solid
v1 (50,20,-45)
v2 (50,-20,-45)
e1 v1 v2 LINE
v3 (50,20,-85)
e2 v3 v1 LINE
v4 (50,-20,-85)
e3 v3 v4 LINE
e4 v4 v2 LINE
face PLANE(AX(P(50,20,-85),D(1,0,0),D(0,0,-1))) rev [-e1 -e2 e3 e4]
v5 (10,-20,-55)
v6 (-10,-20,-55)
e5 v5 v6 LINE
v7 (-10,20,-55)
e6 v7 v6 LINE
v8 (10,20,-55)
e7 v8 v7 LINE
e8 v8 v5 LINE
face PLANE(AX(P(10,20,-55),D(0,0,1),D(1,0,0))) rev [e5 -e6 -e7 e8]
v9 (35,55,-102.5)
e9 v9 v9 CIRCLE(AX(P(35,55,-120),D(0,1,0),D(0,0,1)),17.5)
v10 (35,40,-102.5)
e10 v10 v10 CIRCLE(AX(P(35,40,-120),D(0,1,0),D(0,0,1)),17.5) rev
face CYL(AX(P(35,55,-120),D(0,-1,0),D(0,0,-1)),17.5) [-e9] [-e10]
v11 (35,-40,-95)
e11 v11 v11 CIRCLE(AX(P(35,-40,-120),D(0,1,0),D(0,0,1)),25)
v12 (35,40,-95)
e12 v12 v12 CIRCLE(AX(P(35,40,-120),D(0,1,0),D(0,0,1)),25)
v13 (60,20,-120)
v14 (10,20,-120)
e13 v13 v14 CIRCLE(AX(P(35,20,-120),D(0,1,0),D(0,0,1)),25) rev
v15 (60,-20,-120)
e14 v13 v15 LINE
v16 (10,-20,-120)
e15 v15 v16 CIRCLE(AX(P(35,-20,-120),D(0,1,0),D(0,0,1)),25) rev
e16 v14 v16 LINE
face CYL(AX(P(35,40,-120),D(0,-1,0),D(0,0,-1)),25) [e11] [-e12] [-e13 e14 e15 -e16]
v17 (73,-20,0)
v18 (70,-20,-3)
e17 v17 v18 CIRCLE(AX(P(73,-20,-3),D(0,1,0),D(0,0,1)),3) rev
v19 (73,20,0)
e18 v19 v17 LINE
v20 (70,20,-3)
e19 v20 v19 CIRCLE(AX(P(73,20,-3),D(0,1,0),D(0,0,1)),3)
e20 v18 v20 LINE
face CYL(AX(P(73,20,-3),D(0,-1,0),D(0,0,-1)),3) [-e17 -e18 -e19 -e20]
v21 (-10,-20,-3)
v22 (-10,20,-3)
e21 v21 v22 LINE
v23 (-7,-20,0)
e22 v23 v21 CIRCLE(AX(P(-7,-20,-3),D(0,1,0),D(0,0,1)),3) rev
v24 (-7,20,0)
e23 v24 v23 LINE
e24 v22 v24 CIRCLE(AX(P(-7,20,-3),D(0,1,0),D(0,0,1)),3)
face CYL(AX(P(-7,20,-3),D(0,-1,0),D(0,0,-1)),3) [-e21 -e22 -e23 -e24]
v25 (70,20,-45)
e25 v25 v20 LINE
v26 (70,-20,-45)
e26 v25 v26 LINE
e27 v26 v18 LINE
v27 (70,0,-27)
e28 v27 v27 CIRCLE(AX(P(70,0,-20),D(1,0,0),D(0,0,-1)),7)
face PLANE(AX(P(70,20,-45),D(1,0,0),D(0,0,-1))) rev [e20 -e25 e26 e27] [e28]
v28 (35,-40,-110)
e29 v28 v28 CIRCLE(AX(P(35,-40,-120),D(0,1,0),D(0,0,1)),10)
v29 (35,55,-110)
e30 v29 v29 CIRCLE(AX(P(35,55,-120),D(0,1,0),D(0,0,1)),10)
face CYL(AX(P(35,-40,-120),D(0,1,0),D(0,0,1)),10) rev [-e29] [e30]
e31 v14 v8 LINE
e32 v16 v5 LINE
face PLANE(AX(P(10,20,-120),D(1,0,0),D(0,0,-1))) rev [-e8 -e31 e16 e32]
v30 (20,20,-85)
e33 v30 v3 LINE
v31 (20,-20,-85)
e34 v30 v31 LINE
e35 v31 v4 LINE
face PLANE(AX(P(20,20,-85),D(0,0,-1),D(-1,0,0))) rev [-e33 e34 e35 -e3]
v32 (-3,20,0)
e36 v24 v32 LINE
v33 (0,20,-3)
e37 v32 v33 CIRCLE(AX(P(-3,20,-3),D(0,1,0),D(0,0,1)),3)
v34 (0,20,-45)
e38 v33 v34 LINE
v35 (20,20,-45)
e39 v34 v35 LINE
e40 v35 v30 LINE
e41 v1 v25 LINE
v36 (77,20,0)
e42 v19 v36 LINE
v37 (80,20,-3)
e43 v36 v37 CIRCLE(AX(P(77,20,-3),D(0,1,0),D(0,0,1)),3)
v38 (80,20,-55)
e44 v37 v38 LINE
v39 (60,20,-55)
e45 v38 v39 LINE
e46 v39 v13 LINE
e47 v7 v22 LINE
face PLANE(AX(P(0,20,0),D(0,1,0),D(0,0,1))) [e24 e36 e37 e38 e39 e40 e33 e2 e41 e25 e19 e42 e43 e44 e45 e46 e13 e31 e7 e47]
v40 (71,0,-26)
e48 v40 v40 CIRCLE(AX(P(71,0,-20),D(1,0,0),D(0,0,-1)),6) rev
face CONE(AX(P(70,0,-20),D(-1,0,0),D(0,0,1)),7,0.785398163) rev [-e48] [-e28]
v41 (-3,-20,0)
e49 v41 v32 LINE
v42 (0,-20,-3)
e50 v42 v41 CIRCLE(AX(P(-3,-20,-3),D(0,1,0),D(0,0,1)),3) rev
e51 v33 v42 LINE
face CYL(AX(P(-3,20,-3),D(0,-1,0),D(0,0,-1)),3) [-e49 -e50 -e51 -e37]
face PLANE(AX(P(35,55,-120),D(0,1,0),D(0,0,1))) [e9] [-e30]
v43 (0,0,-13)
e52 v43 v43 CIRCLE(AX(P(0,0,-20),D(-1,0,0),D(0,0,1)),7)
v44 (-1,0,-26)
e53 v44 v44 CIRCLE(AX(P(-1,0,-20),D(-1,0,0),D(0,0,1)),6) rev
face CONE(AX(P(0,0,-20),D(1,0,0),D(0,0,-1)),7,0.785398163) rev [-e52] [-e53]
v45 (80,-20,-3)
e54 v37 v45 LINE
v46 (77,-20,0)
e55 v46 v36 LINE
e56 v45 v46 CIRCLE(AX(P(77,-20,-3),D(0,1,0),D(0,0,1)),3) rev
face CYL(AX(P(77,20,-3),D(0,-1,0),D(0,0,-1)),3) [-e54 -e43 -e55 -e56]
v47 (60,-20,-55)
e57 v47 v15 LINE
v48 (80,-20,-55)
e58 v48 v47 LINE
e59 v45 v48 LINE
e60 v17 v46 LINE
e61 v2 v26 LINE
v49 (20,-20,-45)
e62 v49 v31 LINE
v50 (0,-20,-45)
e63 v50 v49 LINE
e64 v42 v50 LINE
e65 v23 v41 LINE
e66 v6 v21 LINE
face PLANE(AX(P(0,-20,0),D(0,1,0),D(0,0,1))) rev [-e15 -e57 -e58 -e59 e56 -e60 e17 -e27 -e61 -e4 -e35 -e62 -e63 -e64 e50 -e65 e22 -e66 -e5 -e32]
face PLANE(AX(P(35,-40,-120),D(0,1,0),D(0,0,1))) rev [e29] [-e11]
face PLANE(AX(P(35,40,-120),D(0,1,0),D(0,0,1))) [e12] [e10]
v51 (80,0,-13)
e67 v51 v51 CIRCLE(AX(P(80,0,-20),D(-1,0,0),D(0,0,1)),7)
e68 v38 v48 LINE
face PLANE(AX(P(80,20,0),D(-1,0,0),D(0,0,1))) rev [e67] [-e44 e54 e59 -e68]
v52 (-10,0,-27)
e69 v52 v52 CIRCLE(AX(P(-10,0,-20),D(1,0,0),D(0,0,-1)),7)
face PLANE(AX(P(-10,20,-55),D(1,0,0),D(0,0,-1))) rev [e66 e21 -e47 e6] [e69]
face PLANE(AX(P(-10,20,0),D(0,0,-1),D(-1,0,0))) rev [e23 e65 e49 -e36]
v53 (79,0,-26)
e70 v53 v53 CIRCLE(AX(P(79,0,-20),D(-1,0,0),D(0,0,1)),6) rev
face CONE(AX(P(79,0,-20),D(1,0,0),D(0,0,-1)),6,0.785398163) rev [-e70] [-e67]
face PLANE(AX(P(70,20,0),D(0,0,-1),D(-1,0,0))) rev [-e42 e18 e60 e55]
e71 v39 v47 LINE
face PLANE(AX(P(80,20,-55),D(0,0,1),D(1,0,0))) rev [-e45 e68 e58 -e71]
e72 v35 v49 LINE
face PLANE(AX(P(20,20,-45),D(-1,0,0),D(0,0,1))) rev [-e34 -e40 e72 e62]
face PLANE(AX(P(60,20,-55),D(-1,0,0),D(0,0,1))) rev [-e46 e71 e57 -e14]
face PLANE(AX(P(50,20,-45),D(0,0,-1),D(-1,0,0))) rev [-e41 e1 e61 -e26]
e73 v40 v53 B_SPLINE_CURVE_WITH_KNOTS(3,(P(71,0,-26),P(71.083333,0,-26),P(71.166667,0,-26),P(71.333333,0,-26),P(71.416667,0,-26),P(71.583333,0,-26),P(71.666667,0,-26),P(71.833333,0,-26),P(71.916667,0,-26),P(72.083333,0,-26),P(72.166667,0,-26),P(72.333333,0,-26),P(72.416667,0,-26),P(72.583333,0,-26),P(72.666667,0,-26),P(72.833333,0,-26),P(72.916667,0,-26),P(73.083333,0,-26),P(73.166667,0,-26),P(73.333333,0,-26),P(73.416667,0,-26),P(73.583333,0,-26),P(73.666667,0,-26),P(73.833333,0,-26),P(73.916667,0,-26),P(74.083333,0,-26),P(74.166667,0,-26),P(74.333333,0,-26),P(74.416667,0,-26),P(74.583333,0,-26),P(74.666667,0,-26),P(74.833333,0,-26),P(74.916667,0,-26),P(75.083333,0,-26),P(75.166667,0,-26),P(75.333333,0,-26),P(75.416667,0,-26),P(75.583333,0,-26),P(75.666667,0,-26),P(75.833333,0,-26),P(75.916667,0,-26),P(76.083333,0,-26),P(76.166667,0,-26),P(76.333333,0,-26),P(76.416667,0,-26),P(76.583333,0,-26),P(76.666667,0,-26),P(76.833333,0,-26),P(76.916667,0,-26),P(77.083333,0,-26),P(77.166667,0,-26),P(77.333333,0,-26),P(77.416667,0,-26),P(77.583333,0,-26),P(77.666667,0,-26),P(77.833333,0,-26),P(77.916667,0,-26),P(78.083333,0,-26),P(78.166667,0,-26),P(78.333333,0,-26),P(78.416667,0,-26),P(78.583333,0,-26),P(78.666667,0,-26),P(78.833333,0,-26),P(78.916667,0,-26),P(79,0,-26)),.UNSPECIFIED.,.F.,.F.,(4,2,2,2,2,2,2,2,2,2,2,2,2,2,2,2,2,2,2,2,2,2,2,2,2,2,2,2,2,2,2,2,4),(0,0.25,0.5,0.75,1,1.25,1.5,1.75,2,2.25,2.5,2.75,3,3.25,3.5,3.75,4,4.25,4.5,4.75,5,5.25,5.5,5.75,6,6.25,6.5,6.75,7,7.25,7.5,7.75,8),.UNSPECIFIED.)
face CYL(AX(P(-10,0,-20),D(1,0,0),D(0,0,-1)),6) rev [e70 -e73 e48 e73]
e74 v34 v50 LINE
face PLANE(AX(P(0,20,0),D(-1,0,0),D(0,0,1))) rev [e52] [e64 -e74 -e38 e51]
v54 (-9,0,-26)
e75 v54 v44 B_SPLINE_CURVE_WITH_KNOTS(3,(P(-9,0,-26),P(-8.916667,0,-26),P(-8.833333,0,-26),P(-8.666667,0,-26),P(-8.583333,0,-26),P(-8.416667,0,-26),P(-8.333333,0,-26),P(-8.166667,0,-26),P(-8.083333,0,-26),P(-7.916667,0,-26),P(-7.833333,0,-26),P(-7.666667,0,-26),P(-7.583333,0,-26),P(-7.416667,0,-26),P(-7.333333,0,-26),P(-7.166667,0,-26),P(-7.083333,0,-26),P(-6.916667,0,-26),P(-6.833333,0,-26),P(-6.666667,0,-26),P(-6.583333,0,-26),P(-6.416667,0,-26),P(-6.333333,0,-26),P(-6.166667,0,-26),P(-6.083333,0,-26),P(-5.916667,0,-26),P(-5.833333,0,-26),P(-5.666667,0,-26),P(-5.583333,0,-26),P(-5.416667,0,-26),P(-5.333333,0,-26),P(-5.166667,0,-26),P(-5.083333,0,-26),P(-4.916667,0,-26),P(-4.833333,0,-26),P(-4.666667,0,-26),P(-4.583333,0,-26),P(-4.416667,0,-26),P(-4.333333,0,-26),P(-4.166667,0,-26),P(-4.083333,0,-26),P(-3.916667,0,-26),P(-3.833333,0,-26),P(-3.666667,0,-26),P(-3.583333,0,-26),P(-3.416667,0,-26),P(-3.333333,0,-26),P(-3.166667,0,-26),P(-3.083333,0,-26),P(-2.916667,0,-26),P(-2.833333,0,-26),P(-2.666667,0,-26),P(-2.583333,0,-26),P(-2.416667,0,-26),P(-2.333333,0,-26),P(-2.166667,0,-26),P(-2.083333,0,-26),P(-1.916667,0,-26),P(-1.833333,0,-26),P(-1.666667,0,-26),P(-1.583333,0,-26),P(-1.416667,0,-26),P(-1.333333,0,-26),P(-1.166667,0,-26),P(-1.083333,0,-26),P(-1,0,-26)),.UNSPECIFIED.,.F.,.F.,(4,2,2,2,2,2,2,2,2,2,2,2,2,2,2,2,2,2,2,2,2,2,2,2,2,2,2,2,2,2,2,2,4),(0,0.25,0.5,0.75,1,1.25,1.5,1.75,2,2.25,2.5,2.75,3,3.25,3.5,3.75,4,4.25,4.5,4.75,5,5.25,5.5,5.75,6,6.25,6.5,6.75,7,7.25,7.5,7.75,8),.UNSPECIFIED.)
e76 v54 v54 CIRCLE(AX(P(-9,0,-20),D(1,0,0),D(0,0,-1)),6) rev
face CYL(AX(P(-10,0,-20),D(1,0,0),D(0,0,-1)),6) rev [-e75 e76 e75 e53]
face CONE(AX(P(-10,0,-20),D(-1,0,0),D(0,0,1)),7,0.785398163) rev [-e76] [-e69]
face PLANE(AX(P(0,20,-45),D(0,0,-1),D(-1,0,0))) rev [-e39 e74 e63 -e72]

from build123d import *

# Parameters (mm, degrees)
BOSS_EXTRUDE2_DEPTH = 20
FILLET10_R          = 3
SKETCH2_R           = 6
CUT_EXTRUDE1_DEPTH  = 152.327459504
SKETCH3_R           = 25
BOSS_EXTRUDE6_DEPTH = 40
SKETCH5_R           = 17.5
BOSS_EXTRUDE7_DEPTH = 15
SKETCH6_R           = 10
CUT_EXTRUDE2_DEPTH  = 191.91883092
CHAMFER1_SIZE       = 1


with BuildPart() as part:
    # Sketch1 → Boss-Extrude2 (new, symmetric)
    with BuildSketch(Plane(origin=(0, 0, 0), x_dir=(1, 0, 0), z_dir=(0, 1, 0))):
        Polygon((0, 0), (0, 45), (20, 45), (20, 85), (50, 85), (50, 45), (70, 45), (70, 0), (80, 0), (80, 55), (60, 55), (60, 120), (10, 120), (10, 55), (-10, 55), (-10, 0), align=None)
    extrude(amount=BOSS_EXTRUDE2_DEPTH, both=True)

    # Fillet10
    fillet10_edges = [part.edges().sort_by_distance(p)[0] for p in [
        (-10, 0, 0),
        (80, 0, 0),
        (70, 0, 0),
        (0, 0, 0),
    ]]
    fillet(fillet10_edges, radius=FILLET10_R)

    # Sketch2 → Cut-Extrude1 (cut, through all)
    with BuildSketch(Plane(origin=(80, 0, 0), x_dir=(0, 0, -1), z_dir=(1, 0, 0))):
        with Locations((20, 0)):
            Circle(SKETCH2_R)
    extrude(amount=-CUT_EXTRUDE1_DEPTH, mode=Mode.SUBTRACT)

    # Sketch3 → Boss-Extrude6 (add, symmetric)
    with BuildSketch(Plane(origin=(0, 0, 0), x_dir=(1, 0, 0), z_dir=(0, 1, 0))):
        with Locations(Location((35, 120, 0), (0, 0, 270))):
            Circle(SKETCH3_R)
    extrude(amount=BOSS_EXTRUDE6_DEPTH, both=True)

    # Sketch5 → Boss-Extrude7 (add, symmetric)
    with BuildSketch(Plane(origin=(0, 40, 0), x_dir=(1, 0, 0), z_dir=(0, 1, 0))):
        with Locations(Location((35, 120, 0), (0, 0, 270))):
            Circle(SKETCH5_R)
    extrude(amount=BOSS_EXTRUDE7_DEPTH, both=True)

    # Sketch6 → Cut-Extrude2 (cut, through all)
    with BuildSketch(Plane(origin=(0, 55, 0), x_dir=(1, 0, 0), z_dir=(0, 1, 0))):
        with Locations(Location((35, 120, 0), (0, 0, 270))):
            Circle(SKETCH6_R)
    extrude(amount=-CUT_EXTRUDE2_DEPTH, mode=Mode.SUBTRACT)

    # Chamfer1
    chamfer1_edges = [part.edges().sort_by_distance(p)[0] for p in [
        (-10, 0, -14),
        (0, 0, -14),
        (70, 0, -14),
        (80, 0, -14),
    ]]
    chamfer(chamfer1_edges, length=CHAMFER1_SIZE)


solid = part.part
